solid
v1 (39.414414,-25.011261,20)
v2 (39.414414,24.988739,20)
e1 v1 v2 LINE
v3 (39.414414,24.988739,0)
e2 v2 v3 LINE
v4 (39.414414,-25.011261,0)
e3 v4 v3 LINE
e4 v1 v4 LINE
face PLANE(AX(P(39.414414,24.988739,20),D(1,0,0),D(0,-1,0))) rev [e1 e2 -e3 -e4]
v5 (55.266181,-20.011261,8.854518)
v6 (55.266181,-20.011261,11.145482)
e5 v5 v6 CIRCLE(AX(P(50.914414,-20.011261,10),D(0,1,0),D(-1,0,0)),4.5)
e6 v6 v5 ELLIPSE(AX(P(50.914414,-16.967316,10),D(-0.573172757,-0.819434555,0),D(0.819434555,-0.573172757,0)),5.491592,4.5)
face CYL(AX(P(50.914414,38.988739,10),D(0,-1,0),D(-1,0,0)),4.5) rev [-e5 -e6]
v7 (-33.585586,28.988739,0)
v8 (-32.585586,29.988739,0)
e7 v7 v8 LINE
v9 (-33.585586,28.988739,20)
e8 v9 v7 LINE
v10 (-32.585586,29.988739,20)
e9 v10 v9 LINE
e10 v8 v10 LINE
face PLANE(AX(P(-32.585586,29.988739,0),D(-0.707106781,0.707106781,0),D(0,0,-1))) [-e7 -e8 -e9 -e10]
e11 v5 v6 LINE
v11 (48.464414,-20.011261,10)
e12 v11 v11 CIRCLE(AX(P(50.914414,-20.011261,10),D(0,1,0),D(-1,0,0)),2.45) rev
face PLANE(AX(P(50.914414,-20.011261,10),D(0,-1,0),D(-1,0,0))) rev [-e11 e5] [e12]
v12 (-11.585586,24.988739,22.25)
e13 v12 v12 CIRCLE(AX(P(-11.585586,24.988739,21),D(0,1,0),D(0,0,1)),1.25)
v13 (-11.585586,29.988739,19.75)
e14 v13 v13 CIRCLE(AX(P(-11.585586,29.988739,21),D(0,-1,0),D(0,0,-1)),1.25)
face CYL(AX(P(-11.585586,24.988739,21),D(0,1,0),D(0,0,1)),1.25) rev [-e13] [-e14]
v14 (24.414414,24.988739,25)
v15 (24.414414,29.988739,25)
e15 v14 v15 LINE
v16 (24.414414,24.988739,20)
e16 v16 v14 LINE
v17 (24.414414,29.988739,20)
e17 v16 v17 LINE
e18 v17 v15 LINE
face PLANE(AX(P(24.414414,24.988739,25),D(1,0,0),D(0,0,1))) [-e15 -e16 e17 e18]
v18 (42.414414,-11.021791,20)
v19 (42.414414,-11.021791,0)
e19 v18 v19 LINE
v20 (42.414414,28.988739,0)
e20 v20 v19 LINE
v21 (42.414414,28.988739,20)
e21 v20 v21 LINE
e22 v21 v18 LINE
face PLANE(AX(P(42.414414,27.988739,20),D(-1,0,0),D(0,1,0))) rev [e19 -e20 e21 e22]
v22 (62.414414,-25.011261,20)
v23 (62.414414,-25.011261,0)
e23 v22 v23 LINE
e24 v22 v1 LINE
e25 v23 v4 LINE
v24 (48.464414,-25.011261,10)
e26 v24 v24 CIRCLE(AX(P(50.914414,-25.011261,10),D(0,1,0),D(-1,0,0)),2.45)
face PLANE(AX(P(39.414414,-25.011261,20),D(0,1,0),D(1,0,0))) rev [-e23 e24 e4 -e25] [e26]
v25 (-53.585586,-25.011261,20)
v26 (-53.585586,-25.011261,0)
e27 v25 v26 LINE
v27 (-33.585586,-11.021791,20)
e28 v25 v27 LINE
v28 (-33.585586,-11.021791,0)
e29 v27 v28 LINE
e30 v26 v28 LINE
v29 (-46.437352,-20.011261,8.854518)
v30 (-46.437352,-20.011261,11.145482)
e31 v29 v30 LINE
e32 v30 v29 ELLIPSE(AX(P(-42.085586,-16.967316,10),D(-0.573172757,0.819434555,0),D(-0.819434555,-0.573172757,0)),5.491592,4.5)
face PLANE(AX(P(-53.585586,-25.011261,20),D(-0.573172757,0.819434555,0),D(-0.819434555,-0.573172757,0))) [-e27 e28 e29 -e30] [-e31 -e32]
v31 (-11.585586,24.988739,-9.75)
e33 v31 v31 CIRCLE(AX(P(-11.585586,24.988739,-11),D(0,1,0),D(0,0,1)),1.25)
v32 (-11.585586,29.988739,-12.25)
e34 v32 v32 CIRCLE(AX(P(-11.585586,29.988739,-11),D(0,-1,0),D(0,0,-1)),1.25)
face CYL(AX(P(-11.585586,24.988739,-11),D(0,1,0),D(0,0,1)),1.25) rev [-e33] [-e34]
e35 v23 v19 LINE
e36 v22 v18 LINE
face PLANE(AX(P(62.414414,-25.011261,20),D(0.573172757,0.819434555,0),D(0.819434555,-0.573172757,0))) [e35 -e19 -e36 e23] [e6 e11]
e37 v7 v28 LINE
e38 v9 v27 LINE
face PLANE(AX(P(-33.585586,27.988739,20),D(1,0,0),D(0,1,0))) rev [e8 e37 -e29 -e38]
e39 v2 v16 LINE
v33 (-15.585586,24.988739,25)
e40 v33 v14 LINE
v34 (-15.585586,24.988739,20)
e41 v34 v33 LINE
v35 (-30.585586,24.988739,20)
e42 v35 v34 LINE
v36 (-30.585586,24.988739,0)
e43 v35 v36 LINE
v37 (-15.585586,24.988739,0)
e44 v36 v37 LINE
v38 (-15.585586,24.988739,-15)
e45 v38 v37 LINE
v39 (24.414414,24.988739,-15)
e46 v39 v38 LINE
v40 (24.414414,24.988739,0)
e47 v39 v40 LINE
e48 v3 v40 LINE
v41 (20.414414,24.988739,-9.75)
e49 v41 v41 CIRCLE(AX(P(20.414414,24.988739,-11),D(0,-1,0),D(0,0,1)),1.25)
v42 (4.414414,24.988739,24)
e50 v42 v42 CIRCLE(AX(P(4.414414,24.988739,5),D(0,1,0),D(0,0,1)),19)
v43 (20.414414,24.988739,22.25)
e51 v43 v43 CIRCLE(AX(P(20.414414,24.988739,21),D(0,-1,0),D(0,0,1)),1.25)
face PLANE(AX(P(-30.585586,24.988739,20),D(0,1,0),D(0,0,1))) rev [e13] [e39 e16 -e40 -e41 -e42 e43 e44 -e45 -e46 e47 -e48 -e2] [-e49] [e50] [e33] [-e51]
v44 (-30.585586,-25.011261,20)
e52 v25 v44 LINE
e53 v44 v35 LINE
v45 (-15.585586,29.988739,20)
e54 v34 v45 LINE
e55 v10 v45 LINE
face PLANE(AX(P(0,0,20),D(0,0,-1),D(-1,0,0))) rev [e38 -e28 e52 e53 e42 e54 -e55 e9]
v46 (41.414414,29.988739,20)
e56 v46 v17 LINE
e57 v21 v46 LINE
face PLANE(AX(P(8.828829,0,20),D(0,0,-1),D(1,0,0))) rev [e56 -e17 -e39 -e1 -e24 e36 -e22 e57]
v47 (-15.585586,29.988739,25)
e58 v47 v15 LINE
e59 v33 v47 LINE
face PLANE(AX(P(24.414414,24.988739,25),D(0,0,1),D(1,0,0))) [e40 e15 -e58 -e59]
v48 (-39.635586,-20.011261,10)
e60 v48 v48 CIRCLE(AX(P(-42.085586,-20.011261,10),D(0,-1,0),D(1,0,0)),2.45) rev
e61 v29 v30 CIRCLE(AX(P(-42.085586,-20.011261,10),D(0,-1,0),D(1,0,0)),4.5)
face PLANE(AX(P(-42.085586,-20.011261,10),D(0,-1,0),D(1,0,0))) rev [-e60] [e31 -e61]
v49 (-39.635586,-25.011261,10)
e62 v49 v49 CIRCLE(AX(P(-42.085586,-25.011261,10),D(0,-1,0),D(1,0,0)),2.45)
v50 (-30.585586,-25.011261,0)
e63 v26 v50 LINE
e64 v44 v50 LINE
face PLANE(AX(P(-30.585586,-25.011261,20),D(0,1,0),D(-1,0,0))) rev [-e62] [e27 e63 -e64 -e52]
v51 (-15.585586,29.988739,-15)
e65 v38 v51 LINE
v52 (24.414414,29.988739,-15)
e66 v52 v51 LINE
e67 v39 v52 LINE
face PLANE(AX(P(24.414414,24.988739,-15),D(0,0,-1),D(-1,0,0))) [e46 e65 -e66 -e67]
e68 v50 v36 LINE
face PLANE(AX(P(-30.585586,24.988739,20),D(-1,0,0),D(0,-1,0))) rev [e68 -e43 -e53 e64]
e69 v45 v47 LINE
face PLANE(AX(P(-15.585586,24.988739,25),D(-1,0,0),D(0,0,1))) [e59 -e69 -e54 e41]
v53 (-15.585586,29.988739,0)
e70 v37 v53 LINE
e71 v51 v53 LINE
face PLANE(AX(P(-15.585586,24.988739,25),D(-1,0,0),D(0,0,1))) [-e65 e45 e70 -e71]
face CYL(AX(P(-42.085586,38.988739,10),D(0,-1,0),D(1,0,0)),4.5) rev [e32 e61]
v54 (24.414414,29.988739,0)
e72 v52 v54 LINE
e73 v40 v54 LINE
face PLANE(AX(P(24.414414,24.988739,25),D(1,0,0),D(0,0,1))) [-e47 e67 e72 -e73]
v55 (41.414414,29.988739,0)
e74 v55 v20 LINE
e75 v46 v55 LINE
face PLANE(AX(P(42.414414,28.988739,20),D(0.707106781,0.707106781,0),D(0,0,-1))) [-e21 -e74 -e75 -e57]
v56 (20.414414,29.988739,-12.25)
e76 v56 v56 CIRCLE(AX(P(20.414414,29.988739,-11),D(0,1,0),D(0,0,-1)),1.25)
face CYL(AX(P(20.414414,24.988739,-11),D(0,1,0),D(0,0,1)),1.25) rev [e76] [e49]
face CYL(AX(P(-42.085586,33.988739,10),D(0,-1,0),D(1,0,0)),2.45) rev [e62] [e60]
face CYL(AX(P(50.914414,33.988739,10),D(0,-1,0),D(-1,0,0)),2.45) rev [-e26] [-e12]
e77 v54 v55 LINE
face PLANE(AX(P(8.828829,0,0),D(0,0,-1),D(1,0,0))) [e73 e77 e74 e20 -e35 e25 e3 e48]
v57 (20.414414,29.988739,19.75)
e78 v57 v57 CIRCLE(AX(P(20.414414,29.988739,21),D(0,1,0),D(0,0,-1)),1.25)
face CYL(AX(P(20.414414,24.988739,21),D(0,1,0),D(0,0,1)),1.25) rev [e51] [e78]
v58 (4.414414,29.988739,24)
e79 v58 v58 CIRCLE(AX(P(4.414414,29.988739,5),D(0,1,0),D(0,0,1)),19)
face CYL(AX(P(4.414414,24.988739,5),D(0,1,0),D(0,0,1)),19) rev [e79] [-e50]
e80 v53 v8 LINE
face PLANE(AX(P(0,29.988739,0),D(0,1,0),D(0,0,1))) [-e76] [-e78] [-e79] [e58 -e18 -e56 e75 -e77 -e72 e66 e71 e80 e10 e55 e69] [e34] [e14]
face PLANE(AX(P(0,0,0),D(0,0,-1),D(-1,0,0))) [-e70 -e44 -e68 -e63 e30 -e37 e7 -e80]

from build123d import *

# Parameters (mm, degrees)
EXTRUDE_1_DEPTH     = 20
SKETCH_2_W          = 40
SKETCH_2_H          = 40
EXTRUDE_3_DEPTH     = 3
SKETCH_3_R          = 19
CUT_EXTRUDE_1_DEPTH = 3
SKETCH_4_R          = 1.25
CUT_EXTRUDE_2_DEPTH = 3
SKETCH_5_R          = 19
EXTRUDE_4_DEPTH     = 2
SKETCH_6_R          = 1.25
CUT_EXTRUDE_3_DEPTH = 2
EXTRUDE_5_DEPTH     = 20
CUT_EXTRUDE_4_DEPTH = 59
SKETCH_11_R         = 2.45
CUT_EXTRUDE_5_DEPTH = 59
SKETCH_12_R         = 4.5
CUT_EXTRUDE_6_DEPTH = 59
CHAMFER_1_SIZE      = 1


with BuildPart() as part:
    # 草图1 → 凸台-拉伸1 (new body)
    with BuildSketch(Plane.XY):
        Polygon((-33.585585586, 27.988738739), (-33.585585586, -25.011261261), (-30.585585586, -25.011261261), (-30.585585586, 24.988738739), (39.414414414, 24.988738739), (39.414414414, -25.011261261), (42.414414414, -25.011261261), (42.414414414, 27.988738739), align=None)
    extrude(amount=EXTRUDE_1_DEPTH)

    # 草图2 → 凸台-拉伸3 (add)
    with BuildSketch(Plane(origin=(0, 27.988738739, 0), x_dir=(1, 0, 0), z_dir=(0, 1, 0))):
        with Locations((4.414414414, -5)):
            Rectangle(SKETCH_2_W, SKETCH_2_H)
    extrude(amount=-EXTRUDE_3_DEPTH)

    # 草图3 → 切除-拉伸1 (cut)
    with BuildSketch(Plane(origin=(0, 27.988738739, 0), x_dir=(1, 0, 0), z_dir=(0, 1, 0))):
        with Locations((4.414414414, -5)):
            Circle(SKETCH_3_R)
    extrude(amount=-CUT_EXTRUDE_1_DEPTH, mode=Mode.SUBTRACT)

    # 草图4 → 切除-拉伸2 (cut)
    with BuildSketch(Plane(origin=(0, 27.988738739, 0), x_dir=(1, 0, 0), z_dir=(0, 1, 0))):
        with Locations((20.414414414, 11)):
            Circle(SKETCH_4_R)
        with Locations((20.414414414, -21)):
            Circle(SKETCH_4_R)
        with Locations((-11.585585586, -21)):
            Circle(SKETCH_4_R)
        with Locations((-11.585585586, 11)):
            Circle(SKETCH_4_R)
    extrude(amount=-CUT_EXTRUDE_2_DEPTH, mode=Mode.SUBTRACT)

    # 草图5 → 凸台-拉伸4 (add)
    with BuildSketch(Plane(origin=(0, 27.988738739, 0), x_dir=(1, 0, 0), z_dir=(0, 1, 0))):
        Polygon((-33.585585586, -20), (-15.585585586, -20), (-15.585585586, -25), (24.414414414, -25), (24.414414414, -20), (42.414414414, -20), (42.414414414, 0), (24.414414414, 0), (24.414414414, 15), (-15.585585586, 15), (-15.585585586, 0), (-33.585585586, 0), align=None)
        with Locations((4.414414414, -5)):
            Circle(SKETCH_5_R, mode=Mode.SUBTRACT)
    extrude(amount=EXTRUDE_4_DEPTH)

    # 草图6 → 切除-拉伸3 (cut)
    with BuildSketch(Plane.XZ.offset(-27.988738739)):
        with Locations((20.414414414, 21)):
            Circle(SKETCH_6_R)
        with Locations((20.414414414, -11)):
            Circle(SKETCH_6_R)
        with Locations((-11.585585586, -11)):
            Circle(SKETCH_6_R)
        with Locations((-11.585585586, 21)):
            Circle(SKETCH_6_R)
    extrude(amount=-CUT_EXTRUDE_3_DEPTH, mode=Mode.SUBTRACT)

    # 草图7 → 凸台-拉伸5 (add)
    with BuildSketch(Plane(origin=(0, 0, 0), x_dir=(-1, 0, 0), z_dir=(0, 0, -1))):
        Polygon((33.585585586, -25.011261261), (53.585585586, -25.011261261), (33.585585586, -11.021791252), align=None)
    extrude(amount=-EXTRUDE_5_DEPTH)

    # 草图10 → 切除-拉伸4 (cut)
    with BuildSketch(Plane(origin=(0, 0, -15), x_dir=(-1, 0, 0), z_dir=(0, 0, -1))):
        Polygon((-4.414414414, 24.988738739), (-4.414414414, -56.650285004), (-57.489425736, -56.650285004), (-57.489425736, 45.664413948), (-4.414414414, 45.664413948), align=None)
    extrude(amount=-CUT_EXTRUDE_4_DEPTH, mode=Mode.SUBTRACT)

    # 草图11 → 切除-拉伸5 (cut)
    with BuildSketch(Plane.XZ.offset(25.011261261)):
        with Locations((-42.085585586, 10)):
            Circle(SKETCH_11_R)
    extrude(amount=-CUT_EXTRUDE_5_DEPTH, mode=Mode.SUBTRACT)

    # 草图12 → 切除-拉伸6 (cut)
    with BuildSketch(Plane(origin=(0, -20.011261261, 0), x_dir=(-1, 0, 0), z_dir=(0, -1, 0))):
        with Locations((42.085585586, -10)):
            Circle(SKETCH_12_R)
    extrude(amount=-CUT_EXTRUDE_6_DEPTH, mode=Mode.SUBTRACT)

    # 镜向2: part across plane


with BuildPart() as part_1:
    add(part.part)
    add(part.part.mirror(Plane(origin=(4.414414414, 24.988738739, 44), x_dir=(0, 0, 1), z_dir=(-1, 0, 0))))

    # 倒角1
    chamfer_1_edges = [part_1.edges().sort_by_distance(p)[0] for p in [
        (42.414414414, 29.988738739, 10),
        (-33.585585586, 29.988738739, 10),
    ]]
    chamfer(chamfer_1_edges, length=CHAMFER_1_SIZE)


solid = part_1.part
